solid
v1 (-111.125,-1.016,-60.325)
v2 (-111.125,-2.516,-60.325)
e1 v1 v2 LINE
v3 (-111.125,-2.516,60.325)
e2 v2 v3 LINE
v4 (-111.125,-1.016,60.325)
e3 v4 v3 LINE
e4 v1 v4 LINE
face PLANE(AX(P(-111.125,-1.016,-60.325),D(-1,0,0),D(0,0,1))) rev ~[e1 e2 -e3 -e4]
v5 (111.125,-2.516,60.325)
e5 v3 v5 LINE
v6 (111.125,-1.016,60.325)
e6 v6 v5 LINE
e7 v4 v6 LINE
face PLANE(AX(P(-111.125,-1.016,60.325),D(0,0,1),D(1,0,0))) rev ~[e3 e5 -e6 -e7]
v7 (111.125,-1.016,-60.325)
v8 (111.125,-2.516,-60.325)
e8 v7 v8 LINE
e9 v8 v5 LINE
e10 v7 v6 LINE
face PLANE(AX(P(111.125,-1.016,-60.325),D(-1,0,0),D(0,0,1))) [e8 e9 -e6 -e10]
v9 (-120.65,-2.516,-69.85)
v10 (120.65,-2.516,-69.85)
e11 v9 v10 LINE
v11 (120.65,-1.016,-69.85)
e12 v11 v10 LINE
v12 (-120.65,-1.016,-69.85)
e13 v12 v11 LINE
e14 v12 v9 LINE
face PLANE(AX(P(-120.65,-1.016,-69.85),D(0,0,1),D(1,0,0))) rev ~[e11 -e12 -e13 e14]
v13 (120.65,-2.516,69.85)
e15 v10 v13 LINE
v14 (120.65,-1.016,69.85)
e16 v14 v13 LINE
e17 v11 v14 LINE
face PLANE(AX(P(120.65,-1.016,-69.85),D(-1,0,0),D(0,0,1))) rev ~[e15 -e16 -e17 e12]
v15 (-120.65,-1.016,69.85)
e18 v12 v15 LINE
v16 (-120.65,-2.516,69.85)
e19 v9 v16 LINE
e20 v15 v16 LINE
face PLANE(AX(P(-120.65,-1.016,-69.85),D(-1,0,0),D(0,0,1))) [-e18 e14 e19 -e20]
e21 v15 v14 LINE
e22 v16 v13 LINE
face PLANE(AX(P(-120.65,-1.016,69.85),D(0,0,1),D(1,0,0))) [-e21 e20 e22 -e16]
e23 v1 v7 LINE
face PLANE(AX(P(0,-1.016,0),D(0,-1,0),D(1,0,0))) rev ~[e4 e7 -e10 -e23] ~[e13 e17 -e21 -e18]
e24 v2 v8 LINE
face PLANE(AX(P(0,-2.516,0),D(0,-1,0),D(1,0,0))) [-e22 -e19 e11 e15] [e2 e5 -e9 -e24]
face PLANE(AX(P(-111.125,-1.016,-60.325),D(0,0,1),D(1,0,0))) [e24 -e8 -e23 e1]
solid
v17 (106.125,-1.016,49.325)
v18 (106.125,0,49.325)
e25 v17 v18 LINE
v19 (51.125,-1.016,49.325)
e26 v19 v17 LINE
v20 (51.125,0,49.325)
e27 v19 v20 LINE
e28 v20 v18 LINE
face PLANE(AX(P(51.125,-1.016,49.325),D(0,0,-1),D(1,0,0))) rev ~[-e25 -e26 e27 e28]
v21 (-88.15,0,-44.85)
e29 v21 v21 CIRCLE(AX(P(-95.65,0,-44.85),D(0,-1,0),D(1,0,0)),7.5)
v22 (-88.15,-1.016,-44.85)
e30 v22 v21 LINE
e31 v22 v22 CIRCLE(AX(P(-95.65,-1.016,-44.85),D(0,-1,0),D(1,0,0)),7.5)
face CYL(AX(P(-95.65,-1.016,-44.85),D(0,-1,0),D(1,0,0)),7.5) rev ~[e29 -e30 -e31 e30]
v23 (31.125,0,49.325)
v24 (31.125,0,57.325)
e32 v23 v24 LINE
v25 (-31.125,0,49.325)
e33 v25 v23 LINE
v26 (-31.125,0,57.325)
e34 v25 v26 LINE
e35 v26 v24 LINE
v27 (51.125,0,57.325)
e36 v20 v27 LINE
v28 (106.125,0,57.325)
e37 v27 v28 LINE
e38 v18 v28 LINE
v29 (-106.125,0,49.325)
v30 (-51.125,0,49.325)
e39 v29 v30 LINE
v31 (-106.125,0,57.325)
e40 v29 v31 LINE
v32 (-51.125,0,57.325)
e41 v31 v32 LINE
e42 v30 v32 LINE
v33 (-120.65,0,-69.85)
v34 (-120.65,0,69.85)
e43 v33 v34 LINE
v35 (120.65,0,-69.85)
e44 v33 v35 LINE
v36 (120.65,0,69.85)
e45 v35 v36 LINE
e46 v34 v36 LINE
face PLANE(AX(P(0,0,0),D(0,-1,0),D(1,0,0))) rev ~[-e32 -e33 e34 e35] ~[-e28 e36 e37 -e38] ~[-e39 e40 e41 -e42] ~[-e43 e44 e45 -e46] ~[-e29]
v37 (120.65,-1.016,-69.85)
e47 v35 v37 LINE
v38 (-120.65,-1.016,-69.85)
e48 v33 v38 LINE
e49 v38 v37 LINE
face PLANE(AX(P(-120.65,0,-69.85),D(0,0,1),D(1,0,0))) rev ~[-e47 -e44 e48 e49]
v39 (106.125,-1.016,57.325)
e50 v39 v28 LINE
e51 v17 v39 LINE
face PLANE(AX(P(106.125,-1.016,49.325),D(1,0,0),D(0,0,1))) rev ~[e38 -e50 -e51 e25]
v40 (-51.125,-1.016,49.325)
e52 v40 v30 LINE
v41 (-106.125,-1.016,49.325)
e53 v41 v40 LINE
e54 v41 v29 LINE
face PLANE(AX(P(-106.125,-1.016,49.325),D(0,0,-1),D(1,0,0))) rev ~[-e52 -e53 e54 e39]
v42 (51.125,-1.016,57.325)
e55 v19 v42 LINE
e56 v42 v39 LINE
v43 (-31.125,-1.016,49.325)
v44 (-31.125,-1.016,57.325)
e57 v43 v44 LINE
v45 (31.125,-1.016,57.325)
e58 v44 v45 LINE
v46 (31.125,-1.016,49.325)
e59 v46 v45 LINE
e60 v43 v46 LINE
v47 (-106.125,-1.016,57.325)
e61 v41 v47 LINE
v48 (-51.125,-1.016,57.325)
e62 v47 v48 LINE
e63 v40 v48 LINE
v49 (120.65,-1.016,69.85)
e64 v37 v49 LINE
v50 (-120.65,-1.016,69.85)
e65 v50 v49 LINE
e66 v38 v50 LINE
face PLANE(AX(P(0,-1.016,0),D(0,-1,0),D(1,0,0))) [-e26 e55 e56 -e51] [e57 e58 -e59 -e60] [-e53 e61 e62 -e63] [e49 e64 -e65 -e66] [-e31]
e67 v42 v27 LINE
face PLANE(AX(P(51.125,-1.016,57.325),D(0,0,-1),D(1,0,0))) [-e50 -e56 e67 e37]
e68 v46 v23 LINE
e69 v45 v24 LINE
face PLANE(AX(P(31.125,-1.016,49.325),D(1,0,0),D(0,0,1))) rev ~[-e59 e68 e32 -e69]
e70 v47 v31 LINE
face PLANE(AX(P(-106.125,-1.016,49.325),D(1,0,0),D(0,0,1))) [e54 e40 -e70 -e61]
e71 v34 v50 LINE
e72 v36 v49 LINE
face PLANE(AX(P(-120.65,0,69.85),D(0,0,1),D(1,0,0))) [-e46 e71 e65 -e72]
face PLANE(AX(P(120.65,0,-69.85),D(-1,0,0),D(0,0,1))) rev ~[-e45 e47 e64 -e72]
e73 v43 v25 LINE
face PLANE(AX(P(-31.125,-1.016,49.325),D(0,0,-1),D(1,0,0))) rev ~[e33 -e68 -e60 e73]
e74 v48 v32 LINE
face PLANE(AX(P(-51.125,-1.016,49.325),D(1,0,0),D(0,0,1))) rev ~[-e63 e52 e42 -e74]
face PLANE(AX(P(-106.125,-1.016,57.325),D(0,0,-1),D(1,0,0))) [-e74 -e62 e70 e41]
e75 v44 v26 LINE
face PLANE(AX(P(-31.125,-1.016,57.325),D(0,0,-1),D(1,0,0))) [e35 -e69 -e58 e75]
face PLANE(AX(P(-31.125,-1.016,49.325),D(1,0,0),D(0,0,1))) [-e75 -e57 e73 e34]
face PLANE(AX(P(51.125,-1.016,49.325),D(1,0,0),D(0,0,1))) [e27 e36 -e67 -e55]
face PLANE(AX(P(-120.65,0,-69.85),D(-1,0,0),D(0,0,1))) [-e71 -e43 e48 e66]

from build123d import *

# Parameters (mm, degrees)
F0_W     = 241.3
F0_H     = 139.7
F1_DEPTH = 1.016
F3_R     = 7.5
F3_W     = 55
F3_H     = 8
F3_W_2   = 62.25
F4_DEPTH = 1.017
F2_W     = 241.3
F2_H     = 139.7
F2_W_2   = 222.25
F2_H_2   = 120.65
F5_DEPTH = 1.5


with BuildPart() as f1:
    # F0 (on Front) → F1 (new body)
    with BuildSketch(Plane.XZ):
        Rectangle(F0_W, F0_H)
    extrude(amount=F1_DEPTH)

    # F3 (on face) → F4 (cut, through all)
    with BuildSketch(Plane.XZ.offset(1.016)):
        with Locations((-95.65, -44.85)):
            Circle(F3_R)
        with Locations((-78.625, 53.325)):
            Rectangle(F3_W, F3_H)
        with Locations((0, 53.325)):
            Rectangle(F3_W_2, F3_H)
        with Locations((78.625, 53.325)):
            Rectangle(F3_W, F3_H)
    extrude(amount=-F4_DEPTH, mode=Mode.SUBTRACT)


with BuildPart() as f5:
    # F2 (on face) → F5 (new body)
    with BuildSketch(Plane.XZ.offset(1.016)):
        Rectangle(F2_W, F2_H)
        Rectangle(F2_W_2, F2_H_2, mode=Mode.SUBTRACT)
    extrude(amount=F5_DEPTH)


solid = Compound([f1.part, f5.part])
